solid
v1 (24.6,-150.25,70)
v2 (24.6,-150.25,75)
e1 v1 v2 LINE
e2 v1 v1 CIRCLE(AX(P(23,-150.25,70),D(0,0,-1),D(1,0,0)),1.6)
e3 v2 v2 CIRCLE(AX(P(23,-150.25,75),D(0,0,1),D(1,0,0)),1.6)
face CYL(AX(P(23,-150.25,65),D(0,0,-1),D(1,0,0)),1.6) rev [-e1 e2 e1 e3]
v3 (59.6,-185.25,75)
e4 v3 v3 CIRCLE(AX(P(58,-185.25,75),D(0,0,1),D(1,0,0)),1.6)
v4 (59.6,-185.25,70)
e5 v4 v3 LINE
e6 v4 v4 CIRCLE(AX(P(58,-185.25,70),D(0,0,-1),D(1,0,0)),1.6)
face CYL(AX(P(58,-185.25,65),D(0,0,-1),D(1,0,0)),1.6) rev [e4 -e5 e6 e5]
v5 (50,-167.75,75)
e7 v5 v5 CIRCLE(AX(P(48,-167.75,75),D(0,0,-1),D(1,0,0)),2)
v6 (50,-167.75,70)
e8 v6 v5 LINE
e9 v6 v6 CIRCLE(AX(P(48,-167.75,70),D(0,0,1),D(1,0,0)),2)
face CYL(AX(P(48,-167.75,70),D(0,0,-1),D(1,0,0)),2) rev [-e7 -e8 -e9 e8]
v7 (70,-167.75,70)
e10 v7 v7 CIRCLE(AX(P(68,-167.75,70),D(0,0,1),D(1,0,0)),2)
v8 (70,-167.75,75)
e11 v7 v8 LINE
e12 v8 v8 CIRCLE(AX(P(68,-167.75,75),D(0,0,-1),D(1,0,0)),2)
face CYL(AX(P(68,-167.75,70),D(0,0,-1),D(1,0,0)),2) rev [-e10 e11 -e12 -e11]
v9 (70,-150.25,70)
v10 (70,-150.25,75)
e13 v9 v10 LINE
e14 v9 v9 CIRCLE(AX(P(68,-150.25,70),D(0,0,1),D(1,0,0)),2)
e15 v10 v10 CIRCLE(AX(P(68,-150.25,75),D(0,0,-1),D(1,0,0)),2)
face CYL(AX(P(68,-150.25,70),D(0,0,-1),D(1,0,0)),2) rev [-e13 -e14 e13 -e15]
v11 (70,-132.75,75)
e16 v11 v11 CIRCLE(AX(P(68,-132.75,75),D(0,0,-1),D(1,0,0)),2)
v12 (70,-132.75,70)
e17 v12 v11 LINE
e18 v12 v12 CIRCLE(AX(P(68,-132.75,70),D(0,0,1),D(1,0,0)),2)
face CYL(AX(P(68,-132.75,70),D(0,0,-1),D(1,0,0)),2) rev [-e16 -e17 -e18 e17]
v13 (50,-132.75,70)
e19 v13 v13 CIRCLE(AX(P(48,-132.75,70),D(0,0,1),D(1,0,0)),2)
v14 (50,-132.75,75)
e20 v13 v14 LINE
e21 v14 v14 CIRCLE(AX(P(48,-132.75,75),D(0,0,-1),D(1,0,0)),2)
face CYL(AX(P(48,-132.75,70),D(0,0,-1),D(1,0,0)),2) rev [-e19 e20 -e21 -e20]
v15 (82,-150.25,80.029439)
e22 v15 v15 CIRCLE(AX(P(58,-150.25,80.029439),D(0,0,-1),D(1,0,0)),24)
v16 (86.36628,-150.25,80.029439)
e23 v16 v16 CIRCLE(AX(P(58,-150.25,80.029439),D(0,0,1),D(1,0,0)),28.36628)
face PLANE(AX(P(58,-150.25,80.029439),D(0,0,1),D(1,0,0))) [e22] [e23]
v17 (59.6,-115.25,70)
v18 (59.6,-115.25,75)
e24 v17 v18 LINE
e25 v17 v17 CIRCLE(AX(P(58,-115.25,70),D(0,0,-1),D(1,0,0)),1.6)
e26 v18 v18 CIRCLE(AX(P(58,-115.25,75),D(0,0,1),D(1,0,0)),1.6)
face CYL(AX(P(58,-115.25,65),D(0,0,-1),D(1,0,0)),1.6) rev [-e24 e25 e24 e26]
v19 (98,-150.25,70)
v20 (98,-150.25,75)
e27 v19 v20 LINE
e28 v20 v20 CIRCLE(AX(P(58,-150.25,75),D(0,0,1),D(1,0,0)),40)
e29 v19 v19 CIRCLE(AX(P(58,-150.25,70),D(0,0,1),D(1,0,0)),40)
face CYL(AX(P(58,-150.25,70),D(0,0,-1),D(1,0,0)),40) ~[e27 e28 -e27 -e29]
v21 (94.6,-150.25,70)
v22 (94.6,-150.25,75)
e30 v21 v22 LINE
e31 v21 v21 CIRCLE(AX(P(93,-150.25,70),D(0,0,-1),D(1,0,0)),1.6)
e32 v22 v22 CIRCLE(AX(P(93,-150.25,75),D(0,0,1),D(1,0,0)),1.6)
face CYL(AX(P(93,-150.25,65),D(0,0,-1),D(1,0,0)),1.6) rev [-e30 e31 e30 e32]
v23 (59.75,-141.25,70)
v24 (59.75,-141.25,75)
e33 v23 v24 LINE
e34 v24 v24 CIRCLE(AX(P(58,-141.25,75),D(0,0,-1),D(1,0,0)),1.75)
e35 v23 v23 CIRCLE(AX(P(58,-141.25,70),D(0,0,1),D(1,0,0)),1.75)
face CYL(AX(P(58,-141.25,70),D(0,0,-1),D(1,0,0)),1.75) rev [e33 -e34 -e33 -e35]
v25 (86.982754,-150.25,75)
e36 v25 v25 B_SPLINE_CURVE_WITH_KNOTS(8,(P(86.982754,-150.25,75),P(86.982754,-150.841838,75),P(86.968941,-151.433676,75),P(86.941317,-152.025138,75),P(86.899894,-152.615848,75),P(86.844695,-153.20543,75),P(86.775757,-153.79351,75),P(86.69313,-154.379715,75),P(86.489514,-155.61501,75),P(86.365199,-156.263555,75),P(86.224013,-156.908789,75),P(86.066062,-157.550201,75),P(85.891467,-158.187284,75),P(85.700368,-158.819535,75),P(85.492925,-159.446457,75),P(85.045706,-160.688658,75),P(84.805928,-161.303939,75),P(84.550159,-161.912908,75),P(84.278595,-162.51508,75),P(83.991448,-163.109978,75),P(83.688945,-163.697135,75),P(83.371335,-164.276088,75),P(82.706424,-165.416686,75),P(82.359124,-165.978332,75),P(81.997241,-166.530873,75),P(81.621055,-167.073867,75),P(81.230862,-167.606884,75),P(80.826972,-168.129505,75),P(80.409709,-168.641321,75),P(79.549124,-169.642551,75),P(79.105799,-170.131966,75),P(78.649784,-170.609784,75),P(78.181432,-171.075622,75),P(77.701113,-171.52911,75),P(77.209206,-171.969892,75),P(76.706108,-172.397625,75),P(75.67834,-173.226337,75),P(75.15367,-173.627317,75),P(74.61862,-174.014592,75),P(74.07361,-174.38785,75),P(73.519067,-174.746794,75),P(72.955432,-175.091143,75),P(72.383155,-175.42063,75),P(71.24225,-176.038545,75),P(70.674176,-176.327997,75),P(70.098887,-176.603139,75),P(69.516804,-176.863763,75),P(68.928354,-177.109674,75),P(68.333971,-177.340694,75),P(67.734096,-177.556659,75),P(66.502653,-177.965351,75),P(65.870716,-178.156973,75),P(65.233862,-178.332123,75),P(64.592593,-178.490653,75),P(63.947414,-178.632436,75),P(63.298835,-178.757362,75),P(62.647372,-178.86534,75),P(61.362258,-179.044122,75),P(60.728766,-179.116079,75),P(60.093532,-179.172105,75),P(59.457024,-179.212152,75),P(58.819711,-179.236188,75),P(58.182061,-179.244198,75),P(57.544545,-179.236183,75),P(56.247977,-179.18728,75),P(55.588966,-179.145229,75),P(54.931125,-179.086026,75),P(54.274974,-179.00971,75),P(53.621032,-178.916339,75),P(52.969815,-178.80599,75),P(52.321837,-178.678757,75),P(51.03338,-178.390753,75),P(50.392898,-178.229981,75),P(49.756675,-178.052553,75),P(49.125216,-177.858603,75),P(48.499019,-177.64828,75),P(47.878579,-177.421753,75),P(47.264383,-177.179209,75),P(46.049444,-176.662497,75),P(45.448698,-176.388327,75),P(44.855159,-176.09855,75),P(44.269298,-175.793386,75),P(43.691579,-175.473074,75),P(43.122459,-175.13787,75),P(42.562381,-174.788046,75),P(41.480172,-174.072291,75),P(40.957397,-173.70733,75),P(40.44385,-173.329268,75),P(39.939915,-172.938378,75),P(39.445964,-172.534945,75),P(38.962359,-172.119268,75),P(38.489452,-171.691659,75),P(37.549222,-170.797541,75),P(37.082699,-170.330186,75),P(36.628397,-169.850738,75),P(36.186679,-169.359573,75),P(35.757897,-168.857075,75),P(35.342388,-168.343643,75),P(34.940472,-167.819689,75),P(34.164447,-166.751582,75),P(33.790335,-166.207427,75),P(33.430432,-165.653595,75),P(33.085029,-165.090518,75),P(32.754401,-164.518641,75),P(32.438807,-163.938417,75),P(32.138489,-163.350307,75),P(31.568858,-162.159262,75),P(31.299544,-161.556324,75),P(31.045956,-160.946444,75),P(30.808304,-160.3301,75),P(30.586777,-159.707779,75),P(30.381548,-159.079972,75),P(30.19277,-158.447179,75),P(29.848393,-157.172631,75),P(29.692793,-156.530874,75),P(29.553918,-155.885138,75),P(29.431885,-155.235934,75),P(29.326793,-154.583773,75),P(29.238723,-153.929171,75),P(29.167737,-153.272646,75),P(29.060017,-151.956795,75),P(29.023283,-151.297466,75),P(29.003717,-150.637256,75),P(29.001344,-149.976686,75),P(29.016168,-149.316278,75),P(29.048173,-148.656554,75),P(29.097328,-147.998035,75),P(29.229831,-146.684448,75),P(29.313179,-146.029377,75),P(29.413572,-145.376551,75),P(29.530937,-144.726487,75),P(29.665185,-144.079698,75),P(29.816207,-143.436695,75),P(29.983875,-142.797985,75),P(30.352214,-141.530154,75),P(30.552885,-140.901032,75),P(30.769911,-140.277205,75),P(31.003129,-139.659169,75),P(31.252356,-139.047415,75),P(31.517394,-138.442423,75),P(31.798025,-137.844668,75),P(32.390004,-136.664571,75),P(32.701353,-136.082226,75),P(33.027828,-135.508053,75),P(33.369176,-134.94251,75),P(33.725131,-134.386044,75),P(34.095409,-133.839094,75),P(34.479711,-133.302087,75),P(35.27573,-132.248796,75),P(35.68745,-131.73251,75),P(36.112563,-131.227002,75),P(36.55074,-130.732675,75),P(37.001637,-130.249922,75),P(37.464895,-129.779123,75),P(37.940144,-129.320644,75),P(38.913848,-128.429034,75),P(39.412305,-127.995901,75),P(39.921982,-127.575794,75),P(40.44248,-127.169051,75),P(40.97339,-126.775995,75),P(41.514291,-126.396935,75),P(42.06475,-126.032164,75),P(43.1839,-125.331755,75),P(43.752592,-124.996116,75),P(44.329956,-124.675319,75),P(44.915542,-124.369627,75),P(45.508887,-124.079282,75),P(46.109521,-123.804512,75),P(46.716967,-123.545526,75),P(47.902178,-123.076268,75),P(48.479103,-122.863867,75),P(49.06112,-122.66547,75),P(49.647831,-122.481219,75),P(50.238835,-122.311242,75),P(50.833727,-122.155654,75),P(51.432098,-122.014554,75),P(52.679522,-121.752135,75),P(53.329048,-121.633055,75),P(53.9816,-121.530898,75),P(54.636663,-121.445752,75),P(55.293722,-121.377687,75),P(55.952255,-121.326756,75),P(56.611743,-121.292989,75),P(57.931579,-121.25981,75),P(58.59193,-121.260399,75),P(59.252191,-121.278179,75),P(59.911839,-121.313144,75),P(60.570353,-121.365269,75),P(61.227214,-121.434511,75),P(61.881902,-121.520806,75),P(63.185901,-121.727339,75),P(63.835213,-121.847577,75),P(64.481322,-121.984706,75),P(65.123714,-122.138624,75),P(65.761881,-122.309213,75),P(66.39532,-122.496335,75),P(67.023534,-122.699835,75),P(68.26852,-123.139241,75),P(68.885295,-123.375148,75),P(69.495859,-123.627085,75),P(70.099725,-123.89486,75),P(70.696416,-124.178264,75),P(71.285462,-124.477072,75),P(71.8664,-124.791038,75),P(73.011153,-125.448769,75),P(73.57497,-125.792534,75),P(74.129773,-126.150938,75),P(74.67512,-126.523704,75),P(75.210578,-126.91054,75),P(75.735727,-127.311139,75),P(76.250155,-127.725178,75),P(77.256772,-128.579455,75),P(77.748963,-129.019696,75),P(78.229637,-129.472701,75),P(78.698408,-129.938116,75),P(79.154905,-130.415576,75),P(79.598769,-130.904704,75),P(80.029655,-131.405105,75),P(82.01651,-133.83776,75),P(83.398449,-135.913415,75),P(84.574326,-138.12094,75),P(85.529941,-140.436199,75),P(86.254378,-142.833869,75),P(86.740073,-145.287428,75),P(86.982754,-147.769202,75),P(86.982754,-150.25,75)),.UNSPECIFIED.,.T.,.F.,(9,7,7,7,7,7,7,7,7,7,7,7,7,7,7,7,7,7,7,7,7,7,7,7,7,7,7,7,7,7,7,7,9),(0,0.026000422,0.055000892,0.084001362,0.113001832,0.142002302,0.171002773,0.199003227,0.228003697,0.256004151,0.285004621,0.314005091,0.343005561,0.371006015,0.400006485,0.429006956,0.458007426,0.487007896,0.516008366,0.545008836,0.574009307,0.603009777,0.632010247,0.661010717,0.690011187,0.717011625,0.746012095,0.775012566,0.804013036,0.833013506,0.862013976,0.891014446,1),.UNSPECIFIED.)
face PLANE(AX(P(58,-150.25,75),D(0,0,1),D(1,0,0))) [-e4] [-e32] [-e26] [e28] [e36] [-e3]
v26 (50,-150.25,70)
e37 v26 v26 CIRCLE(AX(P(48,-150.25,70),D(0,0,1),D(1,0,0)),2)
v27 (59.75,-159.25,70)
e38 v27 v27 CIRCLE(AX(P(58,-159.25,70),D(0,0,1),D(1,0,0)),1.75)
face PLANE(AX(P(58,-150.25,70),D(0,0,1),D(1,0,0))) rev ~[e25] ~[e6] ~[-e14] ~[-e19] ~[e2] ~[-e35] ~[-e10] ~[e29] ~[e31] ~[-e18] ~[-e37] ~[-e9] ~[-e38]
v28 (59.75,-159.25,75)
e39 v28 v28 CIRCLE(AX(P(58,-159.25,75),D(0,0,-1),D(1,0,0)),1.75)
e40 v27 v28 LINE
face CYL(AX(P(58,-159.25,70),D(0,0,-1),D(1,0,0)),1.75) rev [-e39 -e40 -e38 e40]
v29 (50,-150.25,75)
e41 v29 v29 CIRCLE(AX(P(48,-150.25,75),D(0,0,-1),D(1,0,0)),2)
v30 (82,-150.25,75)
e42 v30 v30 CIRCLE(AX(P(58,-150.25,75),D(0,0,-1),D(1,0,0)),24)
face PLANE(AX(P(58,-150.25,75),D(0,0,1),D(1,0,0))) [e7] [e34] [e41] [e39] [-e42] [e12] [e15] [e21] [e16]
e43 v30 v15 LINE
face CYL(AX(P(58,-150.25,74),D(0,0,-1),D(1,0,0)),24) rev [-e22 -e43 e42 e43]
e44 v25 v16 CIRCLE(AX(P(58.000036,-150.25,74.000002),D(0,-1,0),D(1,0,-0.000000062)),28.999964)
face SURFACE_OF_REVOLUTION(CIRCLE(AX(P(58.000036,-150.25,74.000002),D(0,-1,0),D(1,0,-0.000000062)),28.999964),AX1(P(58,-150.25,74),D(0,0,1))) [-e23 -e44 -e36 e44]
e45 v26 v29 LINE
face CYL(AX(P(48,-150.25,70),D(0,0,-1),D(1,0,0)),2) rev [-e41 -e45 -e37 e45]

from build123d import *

# Parameters (mm, degrees)
CYLINDER075_R     = 1.6
CYLINDER075_DEPTH = 10
CYLINDER076_R     = 1.6
CYLINDER076_DEPTH = 10
CYLINDER077_R     = 1.6
CYLINDER077_DEPTH = 10
CYLINDER074_R     = 1.6
CYLINDER074_DEPTH = 10
CYLINDER071_R     = 2
CYLINDER071_DEPTH = 10
CYLINDER070_R     = 2
CYLINDER070_DEPTH = 10
CYLINDER073_R     = 1.75
CYLINDER073_DEPTH = 10
CYLINDER072_R     = 1.75
CYLINDER072_DEPTH = 10
CYLINDER064_R     = 2
CYLINDER064_DEPTH = 10
CYLINDER065_R     = 2
CYLINDER065_DEPTH = 10
CYLINDER066_R     = 2
CYLINDER066_DEPTH = 10
CYLINDER067_R     = 2
CYLINDER067_DEPTH = 10
CYLINDER069_R     = 24
CYLINDER069_DEPTH = 7
CYLINDER068_R     = 40
CYLINDER068_DEPTH = 5


with BuildPart() as m2heatsetinsets013:
    # Cylinder075 → Cylinder075 (new body)
    with BuildSketch(Plane(origin=(40, 0, 65), x_dir=(1, 0, 0), z_dir=(0, 0, 1))):
        Circle(CYLINDER075_R)
    extrude(amount=CYLINDER075_DEPTH)


with BuildPart() as m2heatsetinsets014:
    # Cylinder076 → Cylinder076 (new body)
    with BuildSketch(Plane(origin=(5, 35, 65), x_dir=(1, 0, 0), z_dir=(0, 0, 1))):
        Circle(CYLINDER076_R)
    extrude(amount=CYLINDER076_DEPTH)


with BuildPart() as m2heatsetinsets015:
    # Cylinder077 → Cylinder077 (new body)
    with BuildSketch(Plane(origin=(5, -35, 65), x_dir=(1, 0, 0), z_dir=(0, 0, 1))):
        Circle(CYLINDER077_R)
    extrude(amount=CYLINDER077_DEPTH)


with BuildPart() as fusion037:
    # Cylinder074 → Cylinder074 (new body)
    with BuildSketch(Plane(origin=(-30, 0, 65), x_dir=(1, 0, 0), z_dir=(0, 0, 1))):
        Circle(CYLINDER074_R)
    extrude(amount=CYLINDER074_DEPTH)

    # Fusion037: union m2HeatSetInsets013, m2HeatSetInsets014, m2HeatSetInsets015
    add(m2heatsetinsets013.part)
    add(m2heatsetinsets014.part)
    add(m2heatsetinsets015.part)


with BuildPart() as wirecut007:
    # Cylinder071 → Cylinder071 (new body)
    with BuildSketch(Plane(origin=(15, 0, 70), x_dir=(1, 0, 0), z_dir=(0, 0, 1))):
        Circle(CYLINDER071_R)
    extrude(amount=CYLINDER071_DEPTH)


with BuildPart() as wirecuts003:
    # Cylinder070 → Cylinder070 (new body)
    with BuildSketch(Plane(origin=(-5, 0, 70), x_dir=(1, 0, 0), z_dir=(0, 0, 1))):
        Circle(CYLINDER070_R)
    extrude(amount=CYLINDER070_DEPTH)

    # Fusion033: union wireCUt007
    add(wirecut007.part)


with BuildPart() as m3cuts007:
    # Cylinder073 → Cylinder073 (new body)
    with BuildSketch(Plane(origin=(5, 9, 70), x_dir=(1, 0, 0), z_dir=(0, 0, 1))):
        Circle(CYLINDER073_R)
    extrude(amount=CYLINDER073_DEPTH)


with BuildPart() as m3cute003:
    # Cylinder072 → Cylinder072 (new body)
    with BuildSketch(Plane(origin=(5, -9, 70), x_dir=(1, 0, 0), z_dir=(0, 0, 1))):
        Circle(CYLINDER072_R)
    extrude(amount=CYLINDER072_DEPTH)

    # Fusion034: union m3Cuts007
    add(m3cuts007.part)


with BuildPart() as cylinder064:
    # Cylinder064 → Cylinder064 (new body)
    with BuildSketch(Plane(origin=(0, -21, 0), x_dir=(1, 0, 0), z_dir=(0, 0, 1))):
        Circle(CYLINDER064_R)
    extrude(amount=CYLINDER064_DEPTH)


with BuildPart() as m3heatsetcuts009:
    # Cylinder065 → Cylinder065 (new body)
    with BuildSketch(Plane(origin=(20, -21, 0), x_dir=(1, 0, 0), z_dir=(0, 0, 1))):
        Circle(CYLINDER065_R)
    extrude(amount=CYLINDER065_DEPTH)

    # Fusion030: union Cylinder064
    add(cylinder064.part)


with BuildPart() as m3heatsetcuts009_1:
    # Fusion030 placement: moved
    add(m3heatsetcuts009.part.moved(Location((-5, 38.5, 70))))


with BuildPart() as cylinder066:
    # Cylinder066 → Cylinder066 (new body)
    with BuildSketch(Plane(origin=(0, -21, 0), x_dir=(1, 0, 0), z_dir=(0, 0, 1))):
        Circle(CYLINDER066_R)
    extrude(amount=CYLINDER066_DEPTH)


with BuildPart() as basecuts003:
    # Cylinder067 → Cylinder067 (new body)
    with BuildSketch(Plane(origin=(20, -21, 0), x_dir=(1, 0, 0), z_dir=(0, 0, 1))):
        Circle(CYLINDER067_R)
    extrude(amount=CYLINDER067_DEPTH)

    # Fusion031: union Cylinder066
    add(cylinder066.part)


with BuildPart() as basecuts003_1:
    # Fusion031 placement: moved
    add(basecuts003.part.moved(Location((-5, 3.5, 70))))

    # Fusion032: union m3HeatSetCuts009
    add(m3heatsetcuts009_1.part)

    # Fusion035: union wireCuts003, m3Cute003
    add(wirecuts003.part)
    add(m3cute003.part)


with BuildPart() as basecut003:
    # Cylinder069 → Cylinder069 (new body)
    with BuildSketch(Plane(origin=(5, 0, 74), x_dir=(1, 0, 0), z_dir=(0, 0, 1))):
        Circle(CYLINDER069_R)
    extrude(amount=CYLINDER069_DEPTH)


with BuildPart() as cut012:
    # Sphere004 → Sphere004 (revolve)
    with BuildSketch(Plane(origin=(5, 0, 74), x_dir=(1, 0, 0), z_dir=(0, -1, 0))):
        with BuildLine():
            ThreePointArc((29, 0), (28.841135, 3.031325), (28.36628, 6.029439))
            Line((28.36628, 6.029439), (0, 6.029439))
            Line((0, 6.029439), (0, 0))
            Line((0, 0), (29, 0))
        make_face()
    revolve(axis=Axis((5, 0, 74), (0, 0, 1)))

    # Cut012: cut baseCut003
    add(basecut003.part, mode=Mode.SUBTRACT)


with BuildPart() as lightmodule003:
    # Cylinder068 → Cylinder068 (new body)
    with BuildSketch(Plane(origin=(5, 0, 70), x_dir=(1, 0, 0), z_dir=(0, 0, 1))):
        Circle(CYLINDER068_R)
    extrude(amount=CYLINDER068_DEPTH)

    # Fusion036: union Cut012
    add(cut012.part)

    # Cut013: cut baseCUts003
    add(basecuts003_1.part, mode=Mode.SUBTRACT)

    # Cut014: cut Fusion037
    add(fusion037.part, mode=Mode.SUBTRACT)


with BuildPart() as lightmodule003_1:
    # Cut014 placement: moved
    add(lightmodule003.part.moved(Location((53, -150.25, 0))))


solid = lightmodule003_1.part
